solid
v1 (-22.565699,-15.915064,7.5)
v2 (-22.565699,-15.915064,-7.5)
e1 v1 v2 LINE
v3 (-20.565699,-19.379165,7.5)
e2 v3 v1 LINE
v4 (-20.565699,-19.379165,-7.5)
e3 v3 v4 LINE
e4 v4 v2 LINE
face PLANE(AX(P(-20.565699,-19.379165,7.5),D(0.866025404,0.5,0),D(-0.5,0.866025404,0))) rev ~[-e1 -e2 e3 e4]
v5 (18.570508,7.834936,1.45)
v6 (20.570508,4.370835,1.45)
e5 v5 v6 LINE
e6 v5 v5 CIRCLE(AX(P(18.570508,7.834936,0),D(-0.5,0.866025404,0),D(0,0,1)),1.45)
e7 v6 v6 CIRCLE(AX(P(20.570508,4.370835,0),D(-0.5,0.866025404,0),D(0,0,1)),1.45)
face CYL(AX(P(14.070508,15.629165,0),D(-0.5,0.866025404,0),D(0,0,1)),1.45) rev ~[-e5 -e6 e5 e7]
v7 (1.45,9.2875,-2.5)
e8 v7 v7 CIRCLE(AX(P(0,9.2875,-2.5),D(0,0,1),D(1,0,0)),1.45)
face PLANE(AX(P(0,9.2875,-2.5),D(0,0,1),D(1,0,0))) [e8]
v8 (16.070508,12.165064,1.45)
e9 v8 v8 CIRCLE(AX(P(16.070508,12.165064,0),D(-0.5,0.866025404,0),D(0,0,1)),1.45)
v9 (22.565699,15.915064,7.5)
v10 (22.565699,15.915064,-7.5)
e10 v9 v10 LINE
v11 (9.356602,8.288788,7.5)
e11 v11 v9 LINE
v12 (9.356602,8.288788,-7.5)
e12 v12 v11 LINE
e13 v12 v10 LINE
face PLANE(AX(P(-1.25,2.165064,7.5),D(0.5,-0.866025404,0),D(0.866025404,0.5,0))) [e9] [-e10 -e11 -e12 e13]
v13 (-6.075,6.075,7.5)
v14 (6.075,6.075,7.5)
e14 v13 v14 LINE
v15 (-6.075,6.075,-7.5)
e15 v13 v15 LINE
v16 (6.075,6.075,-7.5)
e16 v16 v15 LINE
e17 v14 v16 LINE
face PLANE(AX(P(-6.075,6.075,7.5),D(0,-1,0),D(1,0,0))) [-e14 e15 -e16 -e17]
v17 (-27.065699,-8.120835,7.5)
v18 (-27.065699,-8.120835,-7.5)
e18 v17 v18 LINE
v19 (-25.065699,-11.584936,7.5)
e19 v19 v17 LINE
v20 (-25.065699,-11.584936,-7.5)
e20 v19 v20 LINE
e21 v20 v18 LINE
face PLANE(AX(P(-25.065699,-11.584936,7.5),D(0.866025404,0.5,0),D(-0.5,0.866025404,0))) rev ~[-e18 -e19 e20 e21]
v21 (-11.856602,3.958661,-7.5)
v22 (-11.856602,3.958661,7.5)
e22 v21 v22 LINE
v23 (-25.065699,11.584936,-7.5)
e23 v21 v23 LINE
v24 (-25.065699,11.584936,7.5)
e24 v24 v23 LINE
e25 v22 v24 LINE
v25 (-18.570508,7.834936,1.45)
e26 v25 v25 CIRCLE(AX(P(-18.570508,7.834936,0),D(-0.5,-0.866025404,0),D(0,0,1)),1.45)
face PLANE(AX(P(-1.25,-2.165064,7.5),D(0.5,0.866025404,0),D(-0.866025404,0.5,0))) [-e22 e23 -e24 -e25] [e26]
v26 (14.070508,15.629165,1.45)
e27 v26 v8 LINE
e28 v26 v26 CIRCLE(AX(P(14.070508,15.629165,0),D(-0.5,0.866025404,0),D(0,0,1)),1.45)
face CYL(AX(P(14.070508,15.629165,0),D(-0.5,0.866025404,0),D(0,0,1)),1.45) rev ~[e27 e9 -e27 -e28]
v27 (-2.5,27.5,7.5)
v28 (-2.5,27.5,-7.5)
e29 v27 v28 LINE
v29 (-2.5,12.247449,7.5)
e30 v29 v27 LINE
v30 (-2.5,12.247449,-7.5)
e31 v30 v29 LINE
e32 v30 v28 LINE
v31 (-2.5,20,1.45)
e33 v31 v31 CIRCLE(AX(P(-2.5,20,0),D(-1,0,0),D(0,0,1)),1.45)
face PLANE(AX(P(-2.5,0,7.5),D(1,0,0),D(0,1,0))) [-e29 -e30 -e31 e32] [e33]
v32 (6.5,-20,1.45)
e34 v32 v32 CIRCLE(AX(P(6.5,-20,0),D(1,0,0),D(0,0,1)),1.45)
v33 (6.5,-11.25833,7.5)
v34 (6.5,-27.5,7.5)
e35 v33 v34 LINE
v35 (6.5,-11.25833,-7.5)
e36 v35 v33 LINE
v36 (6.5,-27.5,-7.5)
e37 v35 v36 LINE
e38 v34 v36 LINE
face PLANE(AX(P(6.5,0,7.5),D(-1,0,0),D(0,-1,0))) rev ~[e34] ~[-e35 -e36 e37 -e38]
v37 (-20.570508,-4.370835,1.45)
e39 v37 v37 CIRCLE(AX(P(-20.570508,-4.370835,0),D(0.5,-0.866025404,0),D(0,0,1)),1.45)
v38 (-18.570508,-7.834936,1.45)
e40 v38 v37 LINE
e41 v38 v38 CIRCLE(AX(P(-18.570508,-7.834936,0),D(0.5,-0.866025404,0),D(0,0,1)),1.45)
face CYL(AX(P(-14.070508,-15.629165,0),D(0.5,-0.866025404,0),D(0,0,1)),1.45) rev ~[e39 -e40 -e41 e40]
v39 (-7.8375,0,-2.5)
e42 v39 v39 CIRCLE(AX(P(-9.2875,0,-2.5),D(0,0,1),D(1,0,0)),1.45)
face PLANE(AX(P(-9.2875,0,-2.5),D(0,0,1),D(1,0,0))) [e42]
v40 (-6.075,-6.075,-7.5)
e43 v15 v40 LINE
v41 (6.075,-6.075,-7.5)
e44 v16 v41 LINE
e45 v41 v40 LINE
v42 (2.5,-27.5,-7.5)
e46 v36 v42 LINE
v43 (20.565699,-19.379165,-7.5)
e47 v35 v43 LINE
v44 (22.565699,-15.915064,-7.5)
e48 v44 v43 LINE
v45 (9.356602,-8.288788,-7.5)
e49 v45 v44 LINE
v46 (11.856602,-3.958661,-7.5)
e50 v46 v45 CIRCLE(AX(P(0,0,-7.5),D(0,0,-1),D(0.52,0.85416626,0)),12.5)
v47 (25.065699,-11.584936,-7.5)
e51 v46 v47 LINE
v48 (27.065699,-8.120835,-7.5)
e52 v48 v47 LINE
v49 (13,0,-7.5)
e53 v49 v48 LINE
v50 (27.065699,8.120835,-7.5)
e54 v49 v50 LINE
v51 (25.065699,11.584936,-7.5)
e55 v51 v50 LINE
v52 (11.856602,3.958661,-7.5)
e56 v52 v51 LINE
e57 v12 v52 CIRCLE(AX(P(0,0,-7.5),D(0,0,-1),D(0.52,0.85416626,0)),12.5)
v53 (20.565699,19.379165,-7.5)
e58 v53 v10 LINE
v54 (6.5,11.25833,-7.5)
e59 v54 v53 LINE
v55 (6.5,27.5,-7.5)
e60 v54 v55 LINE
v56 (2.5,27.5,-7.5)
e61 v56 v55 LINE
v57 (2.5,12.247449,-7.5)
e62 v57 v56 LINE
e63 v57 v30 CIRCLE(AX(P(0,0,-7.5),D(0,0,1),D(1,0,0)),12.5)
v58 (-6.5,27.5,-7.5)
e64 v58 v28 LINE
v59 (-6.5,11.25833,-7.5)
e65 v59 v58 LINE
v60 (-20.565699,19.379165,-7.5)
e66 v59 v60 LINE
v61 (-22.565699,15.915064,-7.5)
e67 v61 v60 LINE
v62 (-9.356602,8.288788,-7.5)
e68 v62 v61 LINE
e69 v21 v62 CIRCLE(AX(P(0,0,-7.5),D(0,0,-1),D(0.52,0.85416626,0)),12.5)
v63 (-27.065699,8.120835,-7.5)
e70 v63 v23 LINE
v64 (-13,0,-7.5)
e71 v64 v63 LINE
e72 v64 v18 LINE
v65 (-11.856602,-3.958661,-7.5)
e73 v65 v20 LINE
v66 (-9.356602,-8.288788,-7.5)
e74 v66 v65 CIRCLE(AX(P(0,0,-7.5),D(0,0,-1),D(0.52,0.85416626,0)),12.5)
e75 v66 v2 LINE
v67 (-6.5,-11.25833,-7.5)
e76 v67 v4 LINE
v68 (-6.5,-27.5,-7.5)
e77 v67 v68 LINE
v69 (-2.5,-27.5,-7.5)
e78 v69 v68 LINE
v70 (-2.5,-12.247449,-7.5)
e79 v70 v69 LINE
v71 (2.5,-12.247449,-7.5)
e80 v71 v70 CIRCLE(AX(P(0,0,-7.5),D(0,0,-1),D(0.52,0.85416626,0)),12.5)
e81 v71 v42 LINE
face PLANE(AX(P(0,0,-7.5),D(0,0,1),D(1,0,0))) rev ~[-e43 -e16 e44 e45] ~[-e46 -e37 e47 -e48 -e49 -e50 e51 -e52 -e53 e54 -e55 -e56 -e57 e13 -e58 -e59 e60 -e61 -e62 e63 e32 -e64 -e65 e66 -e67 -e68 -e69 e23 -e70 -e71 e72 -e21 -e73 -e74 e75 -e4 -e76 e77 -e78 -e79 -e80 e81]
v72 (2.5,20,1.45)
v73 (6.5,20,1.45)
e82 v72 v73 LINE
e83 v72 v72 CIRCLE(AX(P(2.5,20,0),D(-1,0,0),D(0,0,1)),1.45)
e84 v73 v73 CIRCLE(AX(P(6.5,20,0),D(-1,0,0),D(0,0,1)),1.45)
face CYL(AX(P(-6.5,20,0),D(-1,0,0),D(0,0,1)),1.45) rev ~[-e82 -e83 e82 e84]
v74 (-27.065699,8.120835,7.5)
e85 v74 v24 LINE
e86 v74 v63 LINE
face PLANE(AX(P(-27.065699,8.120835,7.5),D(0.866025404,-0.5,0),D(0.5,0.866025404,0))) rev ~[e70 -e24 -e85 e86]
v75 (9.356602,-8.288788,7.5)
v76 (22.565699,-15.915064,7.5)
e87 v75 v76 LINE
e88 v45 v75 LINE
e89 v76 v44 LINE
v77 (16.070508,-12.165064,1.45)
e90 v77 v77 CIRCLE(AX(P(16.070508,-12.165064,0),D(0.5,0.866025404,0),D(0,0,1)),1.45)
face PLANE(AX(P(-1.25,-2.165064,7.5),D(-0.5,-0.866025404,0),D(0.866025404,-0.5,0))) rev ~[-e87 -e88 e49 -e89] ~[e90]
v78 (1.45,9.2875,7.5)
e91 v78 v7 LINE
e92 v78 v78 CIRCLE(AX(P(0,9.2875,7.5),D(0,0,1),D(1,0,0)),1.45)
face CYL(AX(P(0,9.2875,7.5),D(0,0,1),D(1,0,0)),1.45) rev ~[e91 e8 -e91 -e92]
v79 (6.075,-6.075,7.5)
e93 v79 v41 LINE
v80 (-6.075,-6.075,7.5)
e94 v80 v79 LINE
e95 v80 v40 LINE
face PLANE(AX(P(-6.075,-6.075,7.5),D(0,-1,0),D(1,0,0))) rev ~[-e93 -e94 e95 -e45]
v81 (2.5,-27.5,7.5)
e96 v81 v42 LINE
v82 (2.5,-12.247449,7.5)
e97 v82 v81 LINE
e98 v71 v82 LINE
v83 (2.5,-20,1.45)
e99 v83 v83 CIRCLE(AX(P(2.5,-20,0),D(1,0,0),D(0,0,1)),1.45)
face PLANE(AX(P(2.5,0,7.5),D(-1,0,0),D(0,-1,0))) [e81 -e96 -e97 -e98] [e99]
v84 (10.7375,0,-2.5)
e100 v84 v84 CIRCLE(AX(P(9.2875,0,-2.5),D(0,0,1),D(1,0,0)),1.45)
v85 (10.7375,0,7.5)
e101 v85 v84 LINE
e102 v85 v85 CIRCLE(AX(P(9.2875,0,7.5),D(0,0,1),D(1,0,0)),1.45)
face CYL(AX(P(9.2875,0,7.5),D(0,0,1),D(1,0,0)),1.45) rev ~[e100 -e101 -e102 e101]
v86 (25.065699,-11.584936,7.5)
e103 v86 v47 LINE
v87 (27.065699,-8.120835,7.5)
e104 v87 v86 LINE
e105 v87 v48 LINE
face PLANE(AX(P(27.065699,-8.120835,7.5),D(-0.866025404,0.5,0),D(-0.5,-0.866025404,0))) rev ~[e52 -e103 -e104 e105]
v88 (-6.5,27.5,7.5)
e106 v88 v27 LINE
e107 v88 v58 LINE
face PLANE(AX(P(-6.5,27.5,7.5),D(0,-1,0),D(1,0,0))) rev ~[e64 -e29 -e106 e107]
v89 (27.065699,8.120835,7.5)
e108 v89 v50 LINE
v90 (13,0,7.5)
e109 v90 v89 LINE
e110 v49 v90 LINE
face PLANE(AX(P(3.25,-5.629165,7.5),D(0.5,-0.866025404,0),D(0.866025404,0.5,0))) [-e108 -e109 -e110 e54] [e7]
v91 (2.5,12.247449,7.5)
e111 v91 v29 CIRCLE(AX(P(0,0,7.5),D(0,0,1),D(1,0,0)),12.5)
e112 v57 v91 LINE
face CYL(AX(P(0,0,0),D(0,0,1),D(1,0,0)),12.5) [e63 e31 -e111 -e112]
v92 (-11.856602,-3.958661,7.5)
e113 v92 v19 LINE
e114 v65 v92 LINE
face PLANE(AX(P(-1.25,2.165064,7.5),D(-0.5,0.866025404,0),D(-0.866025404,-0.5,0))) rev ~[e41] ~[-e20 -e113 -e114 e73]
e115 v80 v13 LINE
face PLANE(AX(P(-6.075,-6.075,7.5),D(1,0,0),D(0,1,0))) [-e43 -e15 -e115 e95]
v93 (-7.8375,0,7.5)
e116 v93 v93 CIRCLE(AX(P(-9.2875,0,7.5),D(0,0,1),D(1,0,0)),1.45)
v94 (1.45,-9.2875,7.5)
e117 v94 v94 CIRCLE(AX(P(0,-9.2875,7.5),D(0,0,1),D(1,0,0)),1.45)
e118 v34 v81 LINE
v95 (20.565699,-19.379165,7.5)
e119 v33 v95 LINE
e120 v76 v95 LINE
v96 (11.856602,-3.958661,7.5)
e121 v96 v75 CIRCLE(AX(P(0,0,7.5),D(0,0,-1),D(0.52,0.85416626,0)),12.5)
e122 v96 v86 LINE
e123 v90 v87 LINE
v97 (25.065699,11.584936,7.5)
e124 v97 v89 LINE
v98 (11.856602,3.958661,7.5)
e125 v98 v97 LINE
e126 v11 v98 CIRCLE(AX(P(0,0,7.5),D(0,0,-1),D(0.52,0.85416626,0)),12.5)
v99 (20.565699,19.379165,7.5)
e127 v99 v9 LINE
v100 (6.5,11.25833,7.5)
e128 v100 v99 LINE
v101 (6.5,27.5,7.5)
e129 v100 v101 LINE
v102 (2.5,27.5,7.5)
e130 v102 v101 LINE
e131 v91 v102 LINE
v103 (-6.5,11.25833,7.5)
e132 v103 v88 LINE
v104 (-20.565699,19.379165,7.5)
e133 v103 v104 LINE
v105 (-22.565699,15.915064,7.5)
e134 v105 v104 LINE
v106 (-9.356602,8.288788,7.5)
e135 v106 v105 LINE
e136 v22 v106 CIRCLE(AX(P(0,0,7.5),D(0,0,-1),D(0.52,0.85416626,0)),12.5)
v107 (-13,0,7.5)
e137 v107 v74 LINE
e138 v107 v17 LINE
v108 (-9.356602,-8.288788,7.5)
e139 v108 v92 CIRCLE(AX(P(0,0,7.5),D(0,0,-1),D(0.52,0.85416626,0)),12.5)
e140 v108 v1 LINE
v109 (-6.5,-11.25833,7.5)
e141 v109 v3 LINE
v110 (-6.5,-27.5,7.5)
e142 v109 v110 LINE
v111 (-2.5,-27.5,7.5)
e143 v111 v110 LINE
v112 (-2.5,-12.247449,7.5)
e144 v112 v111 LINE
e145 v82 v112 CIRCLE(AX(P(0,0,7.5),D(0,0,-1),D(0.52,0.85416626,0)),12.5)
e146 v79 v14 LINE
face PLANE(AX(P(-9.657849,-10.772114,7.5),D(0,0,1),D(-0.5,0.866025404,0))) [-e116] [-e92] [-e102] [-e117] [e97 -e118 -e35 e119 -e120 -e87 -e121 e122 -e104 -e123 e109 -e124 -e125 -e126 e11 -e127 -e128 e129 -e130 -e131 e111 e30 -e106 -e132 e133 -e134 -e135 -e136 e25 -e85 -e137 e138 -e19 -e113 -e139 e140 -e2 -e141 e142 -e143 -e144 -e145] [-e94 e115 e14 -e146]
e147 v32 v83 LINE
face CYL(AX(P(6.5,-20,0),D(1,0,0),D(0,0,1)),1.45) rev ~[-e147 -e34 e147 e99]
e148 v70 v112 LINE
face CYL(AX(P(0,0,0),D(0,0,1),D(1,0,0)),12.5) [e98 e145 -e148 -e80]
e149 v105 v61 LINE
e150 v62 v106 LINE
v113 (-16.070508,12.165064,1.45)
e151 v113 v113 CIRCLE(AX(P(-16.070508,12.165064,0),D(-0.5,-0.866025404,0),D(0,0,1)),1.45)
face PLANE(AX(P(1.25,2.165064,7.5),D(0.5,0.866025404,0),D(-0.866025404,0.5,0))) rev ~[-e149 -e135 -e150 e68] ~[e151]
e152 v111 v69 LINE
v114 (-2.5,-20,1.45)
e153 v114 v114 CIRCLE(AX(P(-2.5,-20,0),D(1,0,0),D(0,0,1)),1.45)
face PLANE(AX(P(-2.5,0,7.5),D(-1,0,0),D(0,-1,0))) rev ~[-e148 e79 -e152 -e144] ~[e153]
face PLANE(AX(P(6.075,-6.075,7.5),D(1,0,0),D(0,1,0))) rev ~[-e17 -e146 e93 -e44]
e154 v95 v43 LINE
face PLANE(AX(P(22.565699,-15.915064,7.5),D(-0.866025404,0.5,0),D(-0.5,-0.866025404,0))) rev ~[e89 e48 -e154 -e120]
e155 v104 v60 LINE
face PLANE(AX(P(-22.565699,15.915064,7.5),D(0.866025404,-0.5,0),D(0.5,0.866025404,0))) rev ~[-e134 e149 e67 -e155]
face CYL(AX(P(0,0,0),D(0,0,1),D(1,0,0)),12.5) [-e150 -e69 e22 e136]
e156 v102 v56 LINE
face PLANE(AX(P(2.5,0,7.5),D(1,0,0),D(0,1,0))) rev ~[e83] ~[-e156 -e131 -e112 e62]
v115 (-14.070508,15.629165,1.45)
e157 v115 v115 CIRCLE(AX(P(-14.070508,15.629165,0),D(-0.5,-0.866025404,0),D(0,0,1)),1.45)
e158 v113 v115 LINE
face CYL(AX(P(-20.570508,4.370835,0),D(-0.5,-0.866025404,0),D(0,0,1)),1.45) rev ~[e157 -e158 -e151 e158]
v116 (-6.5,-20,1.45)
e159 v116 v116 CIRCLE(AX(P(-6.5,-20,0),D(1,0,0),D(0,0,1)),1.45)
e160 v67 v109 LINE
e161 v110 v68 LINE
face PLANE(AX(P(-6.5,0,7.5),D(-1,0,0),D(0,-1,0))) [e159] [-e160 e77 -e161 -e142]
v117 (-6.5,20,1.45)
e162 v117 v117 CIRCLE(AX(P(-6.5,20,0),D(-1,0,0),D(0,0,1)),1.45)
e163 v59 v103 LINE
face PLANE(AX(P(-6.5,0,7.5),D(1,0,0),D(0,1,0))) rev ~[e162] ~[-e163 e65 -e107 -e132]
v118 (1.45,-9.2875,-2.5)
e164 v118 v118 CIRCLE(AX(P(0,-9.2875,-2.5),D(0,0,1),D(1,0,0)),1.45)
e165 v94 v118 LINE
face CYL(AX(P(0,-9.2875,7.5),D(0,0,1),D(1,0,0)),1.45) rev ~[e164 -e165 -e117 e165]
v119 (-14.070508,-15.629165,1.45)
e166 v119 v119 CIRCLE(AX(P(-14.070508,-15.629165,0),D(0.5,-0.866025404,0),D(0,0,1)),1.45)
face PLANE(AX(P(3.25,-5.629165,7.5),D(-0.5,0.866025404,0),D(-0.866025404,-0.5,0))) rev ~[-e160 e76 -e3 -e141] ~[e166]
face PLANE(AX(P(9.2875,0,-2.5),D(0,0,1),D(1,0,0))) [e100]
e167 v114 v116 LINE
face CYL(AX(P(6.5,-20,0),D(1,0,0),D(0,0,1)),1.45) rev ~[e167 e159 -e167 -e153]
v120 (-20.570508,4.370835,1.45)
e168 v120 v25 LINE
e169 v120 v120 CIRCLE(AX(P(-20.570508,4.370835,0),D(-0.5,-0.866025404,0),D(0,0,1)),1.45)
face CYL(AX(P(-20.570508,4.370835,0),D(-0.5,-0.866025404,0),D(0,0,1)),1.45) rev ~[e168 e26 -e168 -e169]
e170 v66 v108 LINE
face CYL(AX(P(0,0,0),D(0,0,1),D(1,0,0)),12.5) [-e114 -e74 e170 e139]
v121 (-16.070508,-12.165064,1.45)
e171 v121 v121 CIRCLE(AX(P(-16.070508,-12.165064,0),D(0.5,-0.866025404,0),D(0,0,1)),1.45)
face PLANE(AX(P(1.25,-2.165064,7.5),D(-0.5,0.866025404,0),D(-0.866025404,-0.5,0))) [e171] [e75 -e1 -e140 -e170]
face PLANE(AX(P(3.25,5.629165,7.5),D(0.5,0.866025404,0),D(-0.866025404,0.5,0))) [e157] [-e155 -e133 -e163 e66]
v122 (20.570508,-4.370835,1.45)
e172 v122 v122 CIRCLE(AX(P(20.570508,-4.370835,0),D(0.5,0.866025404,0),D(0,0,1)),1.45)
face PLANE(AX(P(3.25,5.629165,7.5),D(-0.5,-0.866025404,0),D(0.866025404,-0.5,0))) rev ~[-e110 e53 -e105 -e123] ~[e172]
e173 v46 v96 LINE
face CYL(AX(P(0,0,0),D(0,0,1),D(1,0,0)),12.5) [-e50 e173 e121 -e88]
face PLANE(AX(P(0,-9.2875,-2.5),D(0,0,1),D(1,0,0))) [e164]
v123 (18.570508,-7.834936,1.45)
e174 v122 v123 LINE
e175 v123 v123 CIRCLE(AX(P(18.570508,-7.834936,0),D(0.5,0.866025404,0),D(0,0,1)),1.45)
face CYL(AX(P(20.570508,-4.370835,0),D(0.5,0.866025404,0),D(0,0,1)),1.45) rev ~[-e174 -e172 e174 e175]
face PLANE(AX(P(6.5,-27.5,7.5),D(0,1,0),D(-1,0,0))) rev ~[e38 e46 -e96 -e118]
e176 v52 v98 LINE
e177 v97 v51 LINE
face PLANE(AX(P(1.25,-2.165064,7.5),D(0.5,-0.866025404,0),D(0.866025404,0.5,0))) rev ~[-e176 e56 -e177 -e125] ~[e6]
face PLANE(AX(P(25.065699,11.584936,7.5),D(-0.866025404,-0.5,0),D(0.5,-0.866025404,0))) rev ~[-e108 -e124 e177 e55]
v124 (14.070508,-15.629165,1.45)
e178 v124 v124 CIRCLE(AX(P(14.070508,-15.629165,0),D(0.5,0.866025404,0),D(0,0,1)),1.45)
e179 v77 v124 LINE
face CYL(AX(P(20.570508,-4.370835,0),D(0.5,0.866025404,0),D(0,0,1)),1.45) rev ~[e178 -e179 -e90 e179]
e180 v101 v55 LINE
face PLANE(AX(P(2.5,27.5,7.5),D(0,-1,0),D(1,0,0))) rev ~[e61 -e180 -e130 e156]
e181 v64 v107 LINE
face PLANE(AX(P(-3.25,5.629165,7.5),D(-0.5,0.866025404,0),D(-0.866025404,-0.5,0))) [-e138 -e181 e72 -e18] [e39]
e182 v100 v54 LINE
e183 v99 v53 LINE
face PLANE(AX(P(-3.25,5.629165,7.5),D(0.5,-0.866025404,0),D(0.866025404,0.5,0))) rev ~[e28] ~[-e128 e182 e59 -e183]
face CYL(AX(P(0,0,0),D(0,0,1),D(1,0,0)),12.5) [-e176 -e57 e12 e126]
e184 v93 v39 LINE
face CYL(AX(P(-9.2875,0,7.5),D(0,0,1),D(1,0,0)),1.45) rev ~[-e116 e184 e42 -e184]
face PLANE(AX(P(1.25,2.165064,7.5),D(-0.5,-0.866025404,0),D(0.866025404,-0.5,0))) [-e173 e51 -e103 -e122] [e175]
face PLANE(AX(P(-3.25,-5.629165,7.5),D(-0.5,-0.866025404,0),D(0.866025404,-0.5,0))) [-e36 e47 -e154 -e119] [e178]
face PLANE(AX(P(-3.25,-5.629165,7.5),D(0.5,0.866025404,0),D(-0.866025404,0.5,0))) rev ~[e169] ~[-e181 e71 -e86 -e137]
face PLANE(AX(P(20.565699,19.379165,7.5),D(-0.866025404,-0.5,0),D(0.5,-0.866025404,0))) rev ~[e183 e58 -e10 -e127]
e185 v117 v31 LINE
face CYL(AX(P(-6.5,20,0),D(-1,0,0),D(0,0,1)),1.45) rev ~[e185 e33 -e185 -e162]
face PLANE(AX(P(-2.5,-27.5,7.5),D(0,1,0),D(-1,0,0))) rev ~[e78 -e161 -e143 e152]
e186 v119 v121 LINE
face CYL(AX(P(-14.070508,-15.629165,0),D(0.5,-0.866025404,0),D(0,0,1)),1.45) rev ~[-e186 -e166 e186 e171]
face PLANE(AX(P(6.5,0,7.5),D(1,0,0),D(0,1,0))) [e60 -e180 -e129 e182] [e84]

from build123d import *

# Parameters (mm, degrees)
SKETCH1_R           = 12.5
BOSS_EXTRUDE1_DEPTH = 7.5
SKETCH4_W           = 4
SKETCH4_H           = 27.5
BOSS_EXTRUDE3_DEPTH = 15
CIRPATTERN7_COUNT   = 6
SKETCH7_R           = 1.45
CUT_EXTRUDE2_DEPTH  = 17
CIRPATTERN9_COUNT   = 6
CUT_EXTRUDE3_REACH  = 43.398
SKETCH8_W           = 12.15
SKETCH8_H           = 12.15
SKETCH9_R           = 1.45
CUT_EXTRUDE4_DEPTH  = 10


with BuildPart() as part:
    # Sketch1 → Boss-Extrude1 (new, symmetric)
    with BuildSketch(Plane.XY):
        Circle(SKETCH1_R)
    extrude(amount=BOSS_EXTRUDE1_DEPTH, both=True)

    # Sketch4 → Boss-Extrude3 (add)
    with BuildSketch(Plane.XY.offset(7.5)):
        with Locations((-4.5, 13.75)):
            Rectangle(SKETCH4_W, SKETCH4_H)
        with Locations((4.5, 13.75)):
            Rectangle(SKETCH4_W, SKETCH4_H)
    boss_extrude3 = extrude(amount=-BOSS_EXTRUDE3_DEPTH)

    # CirPattern7: Boss-Extrude3 ×6 about axis
    cirpattern7_axis = Axis((0, 0, 0), (0, 0, 1))
    for i in range(1, CIRPATTERN7_COUNT):
        add(boss_extrude3.rotate(cirpattern7_axis, i * 360 / CIRPATTERN7_COUNT))

    # Sketch7 → Cut-Extrude2 (cut)
    with BuildSketch(Plane.ZY.offset(6.5)):
        with Locations((0, 20)):
            Circle(SKETCH7_R)
        with Locations((40, 20)):
            Circle(SKETCH7_R)
        with Locations((80, 20)):
            Circle(SKETCH7_R)
        with Locations((120, 20)):
            Circle(SKETCH7_R)
        with Locations((160, 20)):
            Circle(SKETCH7_R)
    cut_extrude2 = extrude(amount=-CUT_EXTRUDE2_DEPTH, mode=Mode.SUBTRACT)

    # CirPattern9: Cut-Extrude2 ×6 about axis
    cirpattern9_axis = Axis((0, 0, 0), (0, 0, 1))
    for i in range(1, CIRPATTERN9_COUNT):
        add(cut_extrude2.rotate(cirpattern9_axis, i * 360 / CIRPATTERN9_COUNT), mode=Mode.SUBTRACT)

    # Sketch8 → Cut-Extrude3 (cut, up to next)
    with BuildSketch(Plane.XY.offset(7.5), mode=Mode.PRIVATE) as cut_extrude3_sk1:
        Rectangle(SKETCH8_W, SKETCH8_H)
    cut_extrude3_tool1 = extrude(cut_extrude3_sk1.sketch, amount=-CUT_EXTRUDE3_REACH, mode=Mode.PRIVATE) & part.part
    add(cut_extrude3_tool1.solids().sort_by_distance((0, 0, 7.5))[0], mode=Mode.SUBTRACT)

    # Sketch9 → Cut-Extrude4 (cut)
    with BuildSketch(Plane.XY.offset(7.5)):
        with Locations((9.2875, 0)):
            Circle(SKETCH9_R)
        with Locations((0, -9.2875)):
            Circle(SKETCH9_R)
        with Locations((-9.2875, 0)):
            Circle(SKETCH9_R)
        with Locations((0, 9.2875)):
            Circle(SKETCH9_R)
    extrude(amount=-CUT_EXTRUDE4_DEPTH, mode=Mode.SUBTRACT)


solid = part.part
